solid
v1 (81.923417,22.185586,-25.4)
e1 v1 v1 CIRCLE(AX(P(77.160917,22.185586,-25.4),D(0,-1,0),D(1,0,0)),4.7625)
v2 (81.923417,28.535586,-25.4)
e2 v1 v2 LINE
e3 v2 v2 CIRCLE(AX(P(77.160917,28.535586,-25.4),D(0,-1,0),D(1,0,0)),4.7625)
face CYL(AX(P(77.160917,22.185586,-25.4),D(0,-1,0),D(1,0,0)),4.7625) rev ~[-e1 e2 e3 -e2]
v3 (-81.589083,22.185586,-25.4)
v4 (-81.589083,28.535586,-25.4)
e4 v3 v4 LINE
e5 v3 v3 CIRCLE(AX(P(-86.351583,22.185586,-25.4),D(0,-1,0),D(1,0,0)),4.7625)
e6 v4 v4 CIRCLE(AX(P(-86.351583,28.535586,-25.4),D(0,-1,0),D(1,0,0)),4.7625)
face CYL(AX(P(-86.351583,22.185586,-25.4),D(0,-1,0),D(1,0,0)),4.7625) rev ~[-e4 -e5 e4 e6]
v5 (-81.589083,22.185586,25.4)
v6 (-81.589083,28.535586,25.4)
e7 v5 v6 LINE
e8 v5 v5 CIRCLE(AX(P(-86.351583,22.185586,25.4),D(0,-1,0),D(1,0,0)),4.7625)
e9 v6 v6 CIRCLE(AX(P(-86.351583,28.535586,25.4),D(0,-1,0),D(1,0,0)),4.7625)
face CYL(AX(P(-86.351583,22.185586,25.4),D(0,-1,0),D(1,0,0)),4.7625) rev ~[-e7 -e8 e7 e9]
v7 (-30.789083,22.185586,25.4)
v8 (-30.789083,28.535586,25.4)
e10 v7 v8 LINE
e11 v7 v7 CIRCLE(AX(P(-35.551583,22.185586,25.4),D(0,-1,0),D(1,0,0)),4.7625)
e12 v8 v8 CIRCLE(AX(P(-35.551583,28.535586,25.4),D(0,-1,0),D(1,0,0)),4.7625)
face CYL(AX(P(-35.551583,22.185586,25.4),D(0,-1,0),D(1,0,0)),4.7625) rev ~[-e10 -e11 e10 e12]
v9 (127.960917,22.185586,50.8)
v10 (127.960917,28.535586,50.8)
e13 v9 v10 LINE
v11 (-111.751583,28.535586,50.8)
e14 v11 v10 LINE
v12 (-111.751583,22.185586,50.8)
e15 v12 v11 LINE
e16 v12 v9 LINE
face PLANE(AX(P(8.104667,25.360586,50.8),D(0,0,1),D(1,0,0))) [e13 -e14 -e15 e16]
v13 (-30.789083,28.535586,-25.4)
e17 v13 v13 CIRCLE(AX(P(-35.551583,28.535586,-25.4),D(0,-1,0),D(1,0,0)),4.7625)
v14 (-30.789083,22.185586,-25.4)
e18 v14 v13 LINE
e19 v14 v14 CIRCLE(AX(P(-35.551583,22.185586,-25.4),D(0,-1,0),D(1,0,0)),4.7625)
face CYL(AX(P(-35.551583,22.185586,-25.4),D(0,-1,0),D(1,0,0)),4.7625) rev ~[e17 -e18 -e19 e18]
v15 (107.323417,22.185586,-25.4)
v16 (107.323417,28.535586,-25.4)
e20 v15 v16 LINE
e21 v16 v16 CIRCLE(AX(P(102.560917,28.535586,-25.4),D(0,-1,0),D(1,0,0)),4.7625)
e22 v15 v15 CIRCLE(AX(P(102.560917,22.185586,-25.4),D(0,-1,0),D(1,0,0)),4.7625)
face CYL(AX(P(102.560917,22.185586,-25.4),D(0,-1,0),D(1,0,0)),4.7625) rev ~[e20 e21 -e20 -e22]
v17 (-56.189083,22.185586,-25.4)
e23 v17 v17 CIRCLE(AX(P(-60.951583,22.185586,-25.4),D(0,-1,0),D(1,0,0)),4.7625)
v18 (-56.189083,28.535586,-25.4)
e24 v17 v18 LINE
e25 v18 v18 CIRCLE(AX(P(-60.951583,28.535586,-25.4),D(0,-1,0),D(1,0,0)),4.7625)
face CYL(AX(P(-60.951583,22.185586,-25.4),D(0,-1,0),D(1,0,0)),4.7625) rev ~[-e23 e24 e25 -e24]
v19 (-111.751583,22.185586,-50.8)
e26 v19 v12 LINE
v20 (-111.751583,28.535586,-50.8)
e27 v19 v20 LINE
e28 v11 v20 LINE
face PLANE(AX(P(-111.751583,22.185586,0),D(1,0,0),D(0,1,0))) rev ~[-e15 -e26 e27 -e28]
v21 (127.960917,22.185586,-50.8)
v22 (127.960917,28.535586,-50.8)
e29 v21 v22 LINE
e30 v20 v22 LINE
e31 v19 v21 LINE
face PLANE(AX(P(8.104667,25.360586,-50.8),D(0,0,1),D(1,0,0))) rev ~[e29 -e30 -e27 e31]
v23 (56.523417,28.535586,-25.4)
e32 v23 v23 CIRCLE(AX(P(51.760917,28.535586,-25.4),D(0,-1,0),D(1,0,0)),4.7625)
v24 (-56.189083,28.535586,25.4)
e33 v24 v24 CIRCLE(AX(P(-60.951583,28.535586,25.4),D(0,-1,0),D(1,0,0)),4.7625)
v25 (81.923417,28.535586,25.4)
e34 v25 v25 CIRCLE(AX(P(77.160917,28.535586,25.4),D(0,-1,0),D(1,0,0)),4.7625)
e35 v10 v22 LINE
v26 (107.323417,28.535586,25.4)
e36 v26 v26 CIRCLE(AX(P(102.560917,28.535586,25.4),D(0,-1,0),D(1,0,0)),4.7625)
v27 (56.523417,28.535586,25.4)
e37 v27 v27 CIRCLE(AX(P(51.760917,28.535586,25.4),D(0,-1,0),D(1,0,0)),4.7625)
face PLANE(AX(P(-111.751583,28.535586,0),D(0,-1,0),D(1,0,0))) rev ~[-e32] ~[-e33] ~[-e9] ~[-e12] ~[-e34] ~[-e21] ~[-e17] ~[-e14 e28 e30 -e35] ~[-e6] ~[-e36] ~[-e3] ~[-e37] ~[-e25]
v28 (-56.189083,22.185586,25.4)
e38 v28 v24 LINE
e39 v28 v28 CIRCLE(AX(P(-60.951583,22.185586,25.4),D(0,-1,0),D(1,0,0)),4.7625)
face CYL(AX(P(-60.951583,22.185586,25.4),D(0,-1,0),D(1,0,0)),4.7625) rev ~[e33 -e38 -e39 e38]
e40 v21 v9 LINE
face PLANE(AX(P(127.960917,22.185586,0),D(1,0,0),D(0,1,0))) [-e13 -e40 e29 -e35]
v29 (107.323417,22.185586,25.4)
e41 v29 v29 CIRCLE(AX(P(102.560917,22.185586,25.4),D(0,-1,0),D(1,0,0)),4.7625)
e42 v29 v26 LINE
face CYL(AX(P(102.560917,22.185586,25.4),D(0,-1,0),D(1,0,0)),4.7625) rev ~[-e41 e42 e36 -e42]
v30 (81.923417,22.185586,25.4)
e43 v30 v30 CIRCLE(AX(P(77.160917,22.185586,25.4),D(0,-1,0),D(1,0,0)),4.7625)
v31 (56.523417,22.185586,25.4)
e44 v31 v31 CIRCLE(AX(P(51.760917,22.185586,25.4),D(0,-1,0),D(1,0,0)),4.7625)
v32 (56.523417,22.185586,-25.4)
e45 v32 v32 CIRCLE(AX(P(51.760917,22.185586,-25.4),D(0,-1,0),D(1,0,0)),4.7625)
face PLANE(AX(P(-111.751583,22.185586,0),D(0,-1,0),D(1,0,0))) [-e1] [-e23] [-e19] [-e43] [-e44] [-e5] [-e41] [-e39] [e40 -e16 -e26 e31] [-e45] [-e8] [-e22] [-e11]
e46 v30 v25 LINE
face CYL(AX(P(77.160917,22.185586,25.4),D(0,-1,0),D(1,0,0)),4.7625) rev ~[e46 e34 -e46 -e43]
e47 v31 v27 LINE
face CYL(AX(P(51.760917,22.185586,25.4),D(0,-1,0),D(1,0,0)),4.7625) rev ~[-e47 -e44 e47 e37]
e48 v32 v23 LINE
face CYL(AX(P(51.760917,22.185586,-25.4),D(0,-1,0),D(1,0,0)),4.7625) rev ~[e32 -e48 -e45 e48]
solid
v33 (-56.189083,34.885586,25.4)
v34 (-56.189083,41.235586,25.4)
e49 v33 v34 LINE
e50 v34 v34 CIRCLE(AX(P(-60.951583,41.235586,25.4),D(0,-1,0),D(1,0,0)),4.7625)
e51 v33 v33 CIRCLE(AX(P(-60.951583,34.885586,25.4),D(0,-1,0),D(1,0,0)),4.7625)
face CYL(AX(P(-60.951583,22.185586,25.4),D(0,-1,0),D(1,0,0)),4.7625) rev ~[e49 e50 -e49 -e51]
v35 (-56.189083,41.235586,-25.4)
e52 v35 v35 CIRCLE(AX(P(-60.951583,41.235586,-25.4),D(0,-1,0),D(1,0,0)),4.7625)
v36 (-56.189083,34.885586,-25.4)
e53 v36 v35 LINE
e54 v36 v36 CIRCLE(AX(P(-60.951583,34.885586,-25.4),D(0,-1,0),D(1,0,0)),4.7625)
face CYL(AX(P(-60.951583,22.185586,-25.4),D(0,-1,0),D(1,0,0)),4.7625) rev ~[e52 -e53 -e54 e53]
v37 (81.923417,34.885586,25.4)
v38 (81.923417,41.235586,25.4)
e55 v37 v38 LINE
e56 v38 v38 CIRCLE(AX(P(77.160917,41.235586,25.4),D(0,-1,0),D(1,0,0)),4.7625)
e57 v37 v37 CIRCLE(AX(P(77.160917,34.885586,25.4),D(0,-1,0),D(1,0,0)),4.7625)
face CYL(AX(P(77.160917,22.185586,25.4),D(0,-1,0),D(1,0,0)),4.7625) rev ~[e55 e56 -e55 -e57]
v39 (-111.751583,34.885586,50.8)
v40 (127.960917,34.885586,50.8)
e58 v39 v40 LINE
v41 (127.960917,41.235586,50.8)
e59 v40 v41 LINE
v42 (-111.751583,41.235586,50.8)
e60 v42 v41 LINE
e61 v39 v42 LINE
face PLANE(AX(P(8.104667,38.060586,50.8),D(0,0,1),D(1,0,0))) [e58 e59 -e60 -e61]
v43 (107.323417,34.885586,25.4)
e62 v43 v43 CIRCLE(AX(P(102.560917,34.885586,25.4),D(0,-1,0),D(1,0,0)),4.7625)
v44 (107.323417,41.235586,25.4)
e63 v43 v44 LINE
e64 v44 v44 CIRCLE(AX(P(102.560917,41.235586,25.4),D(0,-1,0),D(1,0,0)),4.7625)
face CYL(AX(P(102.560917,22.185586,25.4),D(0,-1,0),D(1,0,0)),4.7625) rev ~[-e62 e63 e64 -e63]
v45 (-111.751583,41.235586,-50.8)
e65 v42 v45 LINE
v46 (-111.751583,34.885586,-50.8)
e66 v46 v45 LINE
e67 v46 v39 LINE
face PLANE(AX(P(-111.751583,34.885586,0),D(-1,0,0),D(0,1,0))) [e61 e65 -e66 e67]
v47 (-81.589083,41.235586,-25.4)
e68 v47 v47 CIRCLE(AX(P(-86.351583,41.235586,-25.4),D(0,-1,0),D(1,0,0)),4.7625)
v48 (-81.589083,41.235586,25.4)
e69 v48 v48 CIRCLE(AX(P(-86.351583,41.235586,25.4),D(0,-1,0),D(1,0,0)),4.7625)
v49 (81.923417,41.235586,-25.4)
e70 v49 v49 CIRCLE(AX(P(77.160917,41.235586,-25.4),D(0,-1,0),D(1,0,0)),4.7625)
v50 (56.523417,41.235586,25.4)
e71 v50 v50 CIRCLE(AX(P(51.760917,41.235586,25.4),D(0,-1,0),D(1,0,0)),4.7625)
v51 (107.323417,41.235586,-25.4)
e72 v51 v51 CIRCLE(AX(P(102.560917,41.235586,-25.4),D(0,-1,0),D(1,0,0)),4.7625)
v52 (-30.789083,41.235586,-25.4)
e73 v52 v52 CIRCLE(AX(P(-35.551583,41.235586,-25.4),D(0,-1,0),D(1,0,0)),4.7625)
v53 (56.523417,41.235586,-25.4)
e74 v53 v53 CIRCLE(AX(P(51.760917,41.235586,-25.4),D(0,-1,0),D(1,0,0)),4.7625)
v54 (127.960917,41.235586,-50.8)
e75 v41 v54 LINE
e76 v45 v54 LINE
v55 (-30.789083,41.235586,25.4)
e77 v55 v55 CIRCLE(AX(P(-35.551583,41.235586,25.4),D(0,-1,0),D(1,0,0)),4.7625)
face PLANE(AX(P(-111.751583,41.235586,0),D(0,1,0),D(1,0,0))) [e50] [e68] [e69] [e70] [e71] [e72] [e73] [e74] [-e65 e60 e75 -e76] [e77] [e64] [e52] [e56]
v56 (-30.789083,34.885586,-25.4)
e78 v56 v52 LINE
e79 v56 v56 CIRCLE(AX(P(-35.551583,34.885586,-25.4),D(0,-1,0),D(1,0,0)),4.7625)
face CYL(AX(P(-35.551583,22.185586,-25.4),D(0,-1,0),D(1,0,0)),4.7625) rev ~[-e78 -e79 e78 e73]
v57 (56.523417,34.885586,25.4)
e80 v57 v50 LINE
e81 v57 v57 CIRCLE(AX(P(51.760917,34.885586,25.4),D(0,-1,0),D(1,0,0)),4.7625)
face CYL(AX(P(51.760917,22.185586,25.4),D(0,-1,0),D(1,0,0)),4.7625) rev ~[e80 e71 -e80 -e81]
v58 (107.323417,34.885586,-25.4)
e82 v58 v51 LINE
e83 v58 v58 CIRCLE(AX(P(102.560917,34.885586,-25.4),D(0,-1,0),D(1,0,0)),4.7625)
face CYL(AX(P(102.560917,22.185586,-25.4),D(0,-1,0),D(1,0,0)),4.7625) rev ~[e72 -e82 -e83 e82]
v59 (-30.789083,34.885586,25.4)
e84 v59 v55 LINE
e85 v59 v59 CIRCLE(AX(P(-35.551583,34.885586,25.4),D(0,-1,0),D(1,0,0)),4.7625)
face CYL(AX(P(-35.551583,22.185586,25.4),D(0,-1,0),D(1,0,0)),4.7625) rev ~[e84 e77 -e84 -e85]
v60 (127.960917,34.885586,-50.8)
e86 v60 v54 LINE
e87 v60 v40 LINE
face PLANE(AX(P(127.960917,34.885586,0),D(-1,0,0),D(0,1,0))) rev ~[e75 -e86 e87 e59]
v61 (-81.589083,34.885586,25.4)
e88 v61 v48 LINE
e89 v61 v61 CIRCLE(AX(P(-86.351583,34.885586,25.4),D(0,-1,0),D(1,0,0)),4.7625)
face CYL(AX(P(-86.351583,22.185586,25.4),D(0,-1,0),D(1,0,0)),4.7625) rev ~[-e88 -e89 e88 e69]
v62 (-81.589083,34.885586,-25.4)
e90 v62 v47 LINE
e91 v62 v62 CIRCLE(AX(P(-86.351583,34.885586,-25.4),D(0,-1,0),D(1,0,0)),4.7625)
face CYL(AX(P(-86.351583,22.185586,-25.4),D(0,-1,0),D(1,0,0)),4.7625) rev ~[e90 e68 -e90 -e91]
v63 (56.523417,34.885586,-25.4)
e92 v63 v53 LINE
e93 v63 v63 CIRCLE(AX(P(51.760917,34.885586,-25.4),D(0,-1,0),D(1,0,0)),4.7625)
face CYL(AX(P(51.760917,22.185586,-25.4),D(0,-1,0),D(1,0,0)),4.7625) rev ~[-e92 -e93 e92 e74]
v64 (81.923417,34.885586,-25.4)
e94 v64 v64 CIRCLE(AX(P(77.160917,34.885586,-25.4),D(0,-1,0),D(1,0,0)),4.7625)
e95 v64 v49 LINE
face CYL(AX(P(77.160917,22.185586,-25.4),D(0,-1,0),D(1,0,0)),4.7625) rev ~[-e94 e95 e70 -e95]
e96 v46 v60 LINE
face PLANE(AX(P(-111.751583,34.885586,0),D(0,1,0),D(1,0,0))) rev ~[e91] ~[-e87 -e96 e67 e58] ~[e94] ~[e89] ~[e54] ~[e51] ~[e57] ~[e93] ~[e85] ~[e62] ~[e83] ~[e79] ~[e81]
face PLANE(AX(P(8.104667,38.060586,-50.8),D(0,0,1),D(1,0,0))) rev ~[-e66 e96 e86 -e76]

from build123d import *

# Parameters (mm, degrees)
F0_W     = 239.7125
F0_H     = 6.35
F1_DEPTH = 50.8
F2_R     = 4.7625
F3_DEPTH = 19.051


with BuildPart() as f1:
    # F0 (on Top) → F1 (new body, symmetric)
    with BuildSketch(Plane.XY):
        with Locations((8.104667, 38.060586)):
            Rectangle(F0_W, F0_H)
        with Locations((8.104667, 25.360586)):
            Rectangle(F0_W, F0_H)
    extrude(amount=F1_DEPTH, both=True)

    # F2 (on face) → F3 (cut, through all)
    with BuildSketch(Plane.XZ.offset(-22.185586)):
        with Locations((-86.351583, 25.4)):
            Circle(F2_R)
        with Locations((102.560917, 25.4)):
            Circle(F2_R)
        with Locations((-86.351583, -25.4)):
            Circle(F2_R)
        with Locations((-60.951583, 25.4)):
            Circle(F2_R)
        with Locations((-60.951583, -25.4)):
            Circle(F2_R)
        with Locations((-35.551583, 25.4)):
            Circle(F2_R)
        with Locations((-35.551583, -25.4)):
            Circle(F2_R)
        with Locations((102.560917, -25.4)):
            Circle(F2_R)
        with Locations((77.160917, 25.4)):
            Circle(F2_R)
        with Locations((77.160917, -25.4)):
            Circle(F2_R)
        with Locations((51.760917, 25.4)):
            Circle(F2_R)
        with Locations((51.760917, -25.4)):
            Circle(F2_R)
    extrude(amount=-F3_DEPTH, mode=Mode.SUBTRACT)


solid = f1.part
